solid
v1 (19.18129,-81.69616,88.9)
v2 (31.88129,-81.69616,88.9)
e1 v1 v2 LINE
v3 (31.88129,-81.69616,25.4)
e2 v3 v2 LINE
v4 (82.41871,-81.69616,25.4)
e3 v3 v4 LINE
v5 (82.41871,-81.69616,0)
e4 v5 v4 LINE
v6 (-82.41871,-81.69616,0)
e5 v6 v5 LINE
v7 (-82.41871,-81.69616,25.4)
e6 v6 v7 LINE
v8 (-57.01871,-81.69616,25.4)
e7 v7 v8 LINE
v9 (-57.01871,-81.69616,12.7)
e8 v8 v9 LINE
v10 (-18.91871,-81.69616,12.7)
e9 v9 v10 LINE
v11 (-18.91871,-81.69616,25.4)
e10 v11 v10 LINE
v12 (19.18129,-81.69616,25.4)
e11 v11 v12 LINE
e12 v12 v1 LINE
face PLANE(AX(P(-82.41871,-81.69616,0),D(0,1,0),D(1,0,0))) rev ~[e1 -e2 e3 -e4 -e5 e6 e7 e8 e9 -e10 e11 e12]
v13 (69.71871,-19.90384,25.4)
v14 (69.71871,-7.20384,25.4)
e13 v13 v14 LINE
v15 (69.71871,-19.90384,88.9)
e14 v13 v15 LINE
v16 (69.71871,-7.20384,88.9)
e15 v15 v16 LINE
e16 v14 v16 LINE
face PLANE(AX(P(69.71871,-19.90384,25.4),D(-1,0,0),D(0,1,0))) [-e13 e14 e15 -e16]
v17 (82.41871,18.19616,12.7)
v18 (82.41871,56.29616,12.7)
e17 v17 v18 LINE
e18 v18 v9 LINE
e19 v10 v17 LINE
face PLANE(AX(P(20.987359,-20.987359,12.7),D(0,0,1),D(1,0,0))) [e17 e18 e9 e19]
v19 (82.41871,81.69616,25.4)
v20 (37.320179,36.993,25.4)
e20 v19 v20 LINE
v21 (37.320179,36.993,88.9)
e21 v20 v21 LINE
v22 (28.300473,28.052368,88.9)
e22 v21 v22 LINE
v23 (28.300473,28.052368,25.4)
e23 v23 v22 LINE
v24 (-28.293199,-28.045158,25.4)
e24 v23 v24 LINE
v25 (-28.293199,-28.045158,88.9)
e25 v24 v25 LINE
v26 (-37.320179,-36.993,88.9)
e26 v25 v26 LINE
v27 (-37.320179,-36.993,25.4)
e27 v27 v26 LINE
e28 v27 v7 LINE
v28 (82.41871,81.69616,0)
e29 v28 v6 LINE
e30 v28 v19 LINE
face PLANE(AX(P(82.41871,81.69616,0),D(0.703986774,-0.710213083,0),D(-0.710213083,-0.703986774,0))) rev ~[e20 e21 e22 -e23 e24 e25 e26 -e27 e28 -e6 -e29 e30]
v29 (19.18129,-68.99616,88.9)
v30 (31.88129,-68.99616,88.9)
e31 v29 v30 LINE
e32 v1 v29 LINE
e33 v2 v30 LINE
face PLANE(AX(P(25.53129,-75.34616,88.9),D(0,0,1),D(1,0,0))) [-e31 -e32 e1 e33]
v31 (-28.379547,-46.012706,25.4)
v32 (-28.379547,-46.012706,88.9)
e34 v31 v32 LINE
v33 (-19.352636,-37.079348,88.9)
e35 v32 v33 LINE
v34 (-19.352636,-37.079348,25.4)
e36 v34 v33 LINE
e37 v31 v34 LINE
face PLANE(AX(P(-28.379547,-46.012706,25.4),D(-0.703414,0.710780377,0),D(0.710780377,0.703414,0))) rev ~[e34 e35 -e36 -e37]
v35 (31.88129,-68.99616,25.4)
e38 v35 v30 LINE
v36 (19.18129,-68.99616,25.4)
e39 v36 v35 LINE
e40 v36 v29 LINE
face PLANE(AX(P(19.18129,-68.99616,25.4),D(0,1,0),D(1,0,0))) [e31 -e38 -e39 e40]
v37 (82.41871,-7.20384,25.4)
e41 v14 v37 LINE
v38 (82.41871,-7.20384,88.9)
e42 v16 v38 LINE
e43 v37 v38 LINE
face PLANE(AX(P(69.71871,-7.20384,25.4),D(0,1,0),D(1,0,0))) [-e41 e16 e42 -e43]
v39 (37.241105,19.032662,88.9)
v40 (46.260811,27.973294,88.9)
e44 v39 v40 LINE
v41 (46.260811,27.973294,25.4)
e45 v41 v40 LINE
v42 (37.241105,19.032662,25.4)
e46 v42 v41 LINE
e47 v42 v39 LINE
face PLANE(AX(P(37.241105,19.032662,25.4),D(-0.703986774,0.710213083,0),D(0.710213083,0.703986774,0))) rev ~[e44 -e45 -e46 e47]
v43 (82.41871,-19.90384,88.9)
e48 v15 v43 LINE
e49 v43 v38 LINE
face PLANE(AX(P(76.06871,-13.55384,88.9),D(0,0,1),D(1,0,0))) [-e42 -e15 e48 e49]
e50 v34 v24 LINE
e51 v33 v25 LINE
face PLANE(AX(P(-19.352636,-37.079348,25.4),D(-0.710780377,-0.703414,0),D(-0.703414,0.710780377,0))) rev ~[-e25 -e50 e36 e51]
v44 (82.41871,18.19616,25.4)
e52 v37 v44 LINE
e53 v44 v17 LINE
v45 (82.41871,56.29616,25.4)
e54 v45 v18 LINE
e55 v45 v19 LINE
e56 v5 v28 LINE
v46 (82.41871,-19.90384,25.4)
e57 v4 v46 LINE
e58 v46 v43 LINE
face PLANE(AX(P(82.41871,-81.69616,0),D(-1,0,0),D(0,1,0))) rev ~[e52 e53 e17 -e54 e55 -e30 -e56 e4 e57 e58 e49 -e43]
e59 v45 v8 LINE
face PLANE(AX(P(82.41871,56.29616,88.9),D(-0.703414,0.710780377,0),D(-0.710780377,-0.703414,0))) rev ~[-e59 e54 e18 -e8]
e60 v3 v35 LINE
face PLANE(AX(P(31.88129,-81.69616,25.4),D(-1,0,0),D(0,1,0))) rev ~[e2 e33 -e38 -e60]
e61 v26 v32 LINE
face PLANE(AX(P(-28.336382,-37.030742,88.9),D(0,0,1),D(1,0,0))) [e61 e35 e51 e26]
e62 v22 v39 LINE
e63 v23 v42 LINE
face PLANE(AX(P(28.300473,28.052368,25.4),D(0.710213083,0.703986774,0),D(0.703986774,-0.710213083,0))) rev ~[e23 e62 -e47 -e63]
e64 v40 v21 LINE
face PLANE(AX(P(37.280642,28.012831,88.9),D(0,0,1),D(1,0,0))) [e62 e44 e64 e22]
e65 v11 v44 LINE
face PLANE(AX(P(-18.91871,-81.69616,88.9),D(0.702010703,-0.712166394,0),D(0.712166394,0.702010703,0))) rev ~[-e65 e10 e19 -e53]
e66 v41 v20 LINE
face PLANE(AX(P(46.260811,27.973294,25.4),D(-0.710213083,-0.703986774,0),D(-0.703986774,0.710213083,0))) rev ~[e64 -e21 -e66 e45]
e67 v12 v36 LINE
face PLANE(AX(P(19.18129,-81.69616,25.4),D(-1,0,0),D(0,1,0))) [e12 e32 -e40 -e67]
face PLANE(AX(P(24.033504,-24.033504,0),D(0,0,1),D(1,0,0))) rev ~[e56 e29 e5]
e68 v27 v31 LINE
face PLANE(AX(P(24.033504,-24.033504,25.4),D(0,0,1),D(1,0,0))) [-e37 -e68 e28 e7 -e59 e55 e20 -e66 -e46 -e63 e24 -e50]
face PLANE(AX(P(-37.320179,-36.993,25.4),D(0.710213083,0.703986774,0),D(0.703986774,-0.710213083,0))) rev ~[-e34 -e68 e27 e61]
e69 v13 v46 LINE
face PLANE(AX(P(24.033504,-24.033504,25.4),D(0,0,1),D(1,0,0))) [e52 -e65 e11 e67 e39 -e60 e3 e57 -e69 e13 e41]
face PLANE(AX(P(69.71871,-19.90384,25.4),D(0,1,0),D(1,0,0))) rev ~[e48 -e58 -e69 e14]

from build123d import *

# Parameters (mm, degrees)
F1_DEPTH = 25.4
F2_W     = 12.7
F2_H     = 12.7
F3_DEPTH = 63.5
F4_DEPTH = 76.2
F6_DEPTH = 12.7


with BuildPart() as f1:
    # F0 (on Top) → F1 (new body)
    with BuildSketch(Plane.XY):
        Polygon((-82.4187099934, -81.6961601377), (82.4187099934, -81.6961601377), (82.4187099934, 81.6961601377), align=None)
    extrude(amount=F1_DEPTH)

    # F2 (on face) → F3 (join)
    with BuildSketch(Plane.XY.offset(25.4)):
        Polygon((37.3201792488, 36.9930000181), (28.3004730998, 28.0523679941), (37.2411051238, 19.0326618452), (46.2608112727, 27.9732938691), align=None)
        Polygon((82.4187099934, 56.2961601377), (-57.0187099934, -81.6961601377), (-31.6187099934, -81.6961601377), (-18.9187099934, -81.6961601377), (82.4187099934, 18.1961601377), (82.4187099934, 30.8961601377), (82.4187099934, 43.5961601377), align=None)
        with Locations((76.0687099934, -13.5538398623)):
            Rectangle(F2_W, F2_H)
        with Locations((25.5312900066, -75.3461601377)):
            Rectangle(F2_W, F2_H)
        Polygon((-28.293198853, -28.0451575193), (-37.3201792488, -36.9930000181), (-28.3795472248, -46.012706167), (-19.3526364396, -37.0793483618), align=None)
    extrude(amount=F3_DEPTH)

    # F4 (cut): a face of the model
    f4_faces = [f1.faces().sort_by_distance(p)[0] for p in [
        (21.8407092905, -21.5998593386, 88.9),
    ]]
    extrude(f4_faces, amount=-F4_DEPTH, mode=Mode.SUBTRACT)

    # F5 (on face) → F6 (join)
    with BuildSketch(Plane.XY.offset(25.4)):
        Polygon((82.4187099934, 18.1961601377), (-18.9187099934, -81.6961601377), (-8.7587099934, -81.6961601377), (82.4187099934, 8.1810445552), align=None)
    extrude(amount=-F6_DEPTH)


solid = f1.part
